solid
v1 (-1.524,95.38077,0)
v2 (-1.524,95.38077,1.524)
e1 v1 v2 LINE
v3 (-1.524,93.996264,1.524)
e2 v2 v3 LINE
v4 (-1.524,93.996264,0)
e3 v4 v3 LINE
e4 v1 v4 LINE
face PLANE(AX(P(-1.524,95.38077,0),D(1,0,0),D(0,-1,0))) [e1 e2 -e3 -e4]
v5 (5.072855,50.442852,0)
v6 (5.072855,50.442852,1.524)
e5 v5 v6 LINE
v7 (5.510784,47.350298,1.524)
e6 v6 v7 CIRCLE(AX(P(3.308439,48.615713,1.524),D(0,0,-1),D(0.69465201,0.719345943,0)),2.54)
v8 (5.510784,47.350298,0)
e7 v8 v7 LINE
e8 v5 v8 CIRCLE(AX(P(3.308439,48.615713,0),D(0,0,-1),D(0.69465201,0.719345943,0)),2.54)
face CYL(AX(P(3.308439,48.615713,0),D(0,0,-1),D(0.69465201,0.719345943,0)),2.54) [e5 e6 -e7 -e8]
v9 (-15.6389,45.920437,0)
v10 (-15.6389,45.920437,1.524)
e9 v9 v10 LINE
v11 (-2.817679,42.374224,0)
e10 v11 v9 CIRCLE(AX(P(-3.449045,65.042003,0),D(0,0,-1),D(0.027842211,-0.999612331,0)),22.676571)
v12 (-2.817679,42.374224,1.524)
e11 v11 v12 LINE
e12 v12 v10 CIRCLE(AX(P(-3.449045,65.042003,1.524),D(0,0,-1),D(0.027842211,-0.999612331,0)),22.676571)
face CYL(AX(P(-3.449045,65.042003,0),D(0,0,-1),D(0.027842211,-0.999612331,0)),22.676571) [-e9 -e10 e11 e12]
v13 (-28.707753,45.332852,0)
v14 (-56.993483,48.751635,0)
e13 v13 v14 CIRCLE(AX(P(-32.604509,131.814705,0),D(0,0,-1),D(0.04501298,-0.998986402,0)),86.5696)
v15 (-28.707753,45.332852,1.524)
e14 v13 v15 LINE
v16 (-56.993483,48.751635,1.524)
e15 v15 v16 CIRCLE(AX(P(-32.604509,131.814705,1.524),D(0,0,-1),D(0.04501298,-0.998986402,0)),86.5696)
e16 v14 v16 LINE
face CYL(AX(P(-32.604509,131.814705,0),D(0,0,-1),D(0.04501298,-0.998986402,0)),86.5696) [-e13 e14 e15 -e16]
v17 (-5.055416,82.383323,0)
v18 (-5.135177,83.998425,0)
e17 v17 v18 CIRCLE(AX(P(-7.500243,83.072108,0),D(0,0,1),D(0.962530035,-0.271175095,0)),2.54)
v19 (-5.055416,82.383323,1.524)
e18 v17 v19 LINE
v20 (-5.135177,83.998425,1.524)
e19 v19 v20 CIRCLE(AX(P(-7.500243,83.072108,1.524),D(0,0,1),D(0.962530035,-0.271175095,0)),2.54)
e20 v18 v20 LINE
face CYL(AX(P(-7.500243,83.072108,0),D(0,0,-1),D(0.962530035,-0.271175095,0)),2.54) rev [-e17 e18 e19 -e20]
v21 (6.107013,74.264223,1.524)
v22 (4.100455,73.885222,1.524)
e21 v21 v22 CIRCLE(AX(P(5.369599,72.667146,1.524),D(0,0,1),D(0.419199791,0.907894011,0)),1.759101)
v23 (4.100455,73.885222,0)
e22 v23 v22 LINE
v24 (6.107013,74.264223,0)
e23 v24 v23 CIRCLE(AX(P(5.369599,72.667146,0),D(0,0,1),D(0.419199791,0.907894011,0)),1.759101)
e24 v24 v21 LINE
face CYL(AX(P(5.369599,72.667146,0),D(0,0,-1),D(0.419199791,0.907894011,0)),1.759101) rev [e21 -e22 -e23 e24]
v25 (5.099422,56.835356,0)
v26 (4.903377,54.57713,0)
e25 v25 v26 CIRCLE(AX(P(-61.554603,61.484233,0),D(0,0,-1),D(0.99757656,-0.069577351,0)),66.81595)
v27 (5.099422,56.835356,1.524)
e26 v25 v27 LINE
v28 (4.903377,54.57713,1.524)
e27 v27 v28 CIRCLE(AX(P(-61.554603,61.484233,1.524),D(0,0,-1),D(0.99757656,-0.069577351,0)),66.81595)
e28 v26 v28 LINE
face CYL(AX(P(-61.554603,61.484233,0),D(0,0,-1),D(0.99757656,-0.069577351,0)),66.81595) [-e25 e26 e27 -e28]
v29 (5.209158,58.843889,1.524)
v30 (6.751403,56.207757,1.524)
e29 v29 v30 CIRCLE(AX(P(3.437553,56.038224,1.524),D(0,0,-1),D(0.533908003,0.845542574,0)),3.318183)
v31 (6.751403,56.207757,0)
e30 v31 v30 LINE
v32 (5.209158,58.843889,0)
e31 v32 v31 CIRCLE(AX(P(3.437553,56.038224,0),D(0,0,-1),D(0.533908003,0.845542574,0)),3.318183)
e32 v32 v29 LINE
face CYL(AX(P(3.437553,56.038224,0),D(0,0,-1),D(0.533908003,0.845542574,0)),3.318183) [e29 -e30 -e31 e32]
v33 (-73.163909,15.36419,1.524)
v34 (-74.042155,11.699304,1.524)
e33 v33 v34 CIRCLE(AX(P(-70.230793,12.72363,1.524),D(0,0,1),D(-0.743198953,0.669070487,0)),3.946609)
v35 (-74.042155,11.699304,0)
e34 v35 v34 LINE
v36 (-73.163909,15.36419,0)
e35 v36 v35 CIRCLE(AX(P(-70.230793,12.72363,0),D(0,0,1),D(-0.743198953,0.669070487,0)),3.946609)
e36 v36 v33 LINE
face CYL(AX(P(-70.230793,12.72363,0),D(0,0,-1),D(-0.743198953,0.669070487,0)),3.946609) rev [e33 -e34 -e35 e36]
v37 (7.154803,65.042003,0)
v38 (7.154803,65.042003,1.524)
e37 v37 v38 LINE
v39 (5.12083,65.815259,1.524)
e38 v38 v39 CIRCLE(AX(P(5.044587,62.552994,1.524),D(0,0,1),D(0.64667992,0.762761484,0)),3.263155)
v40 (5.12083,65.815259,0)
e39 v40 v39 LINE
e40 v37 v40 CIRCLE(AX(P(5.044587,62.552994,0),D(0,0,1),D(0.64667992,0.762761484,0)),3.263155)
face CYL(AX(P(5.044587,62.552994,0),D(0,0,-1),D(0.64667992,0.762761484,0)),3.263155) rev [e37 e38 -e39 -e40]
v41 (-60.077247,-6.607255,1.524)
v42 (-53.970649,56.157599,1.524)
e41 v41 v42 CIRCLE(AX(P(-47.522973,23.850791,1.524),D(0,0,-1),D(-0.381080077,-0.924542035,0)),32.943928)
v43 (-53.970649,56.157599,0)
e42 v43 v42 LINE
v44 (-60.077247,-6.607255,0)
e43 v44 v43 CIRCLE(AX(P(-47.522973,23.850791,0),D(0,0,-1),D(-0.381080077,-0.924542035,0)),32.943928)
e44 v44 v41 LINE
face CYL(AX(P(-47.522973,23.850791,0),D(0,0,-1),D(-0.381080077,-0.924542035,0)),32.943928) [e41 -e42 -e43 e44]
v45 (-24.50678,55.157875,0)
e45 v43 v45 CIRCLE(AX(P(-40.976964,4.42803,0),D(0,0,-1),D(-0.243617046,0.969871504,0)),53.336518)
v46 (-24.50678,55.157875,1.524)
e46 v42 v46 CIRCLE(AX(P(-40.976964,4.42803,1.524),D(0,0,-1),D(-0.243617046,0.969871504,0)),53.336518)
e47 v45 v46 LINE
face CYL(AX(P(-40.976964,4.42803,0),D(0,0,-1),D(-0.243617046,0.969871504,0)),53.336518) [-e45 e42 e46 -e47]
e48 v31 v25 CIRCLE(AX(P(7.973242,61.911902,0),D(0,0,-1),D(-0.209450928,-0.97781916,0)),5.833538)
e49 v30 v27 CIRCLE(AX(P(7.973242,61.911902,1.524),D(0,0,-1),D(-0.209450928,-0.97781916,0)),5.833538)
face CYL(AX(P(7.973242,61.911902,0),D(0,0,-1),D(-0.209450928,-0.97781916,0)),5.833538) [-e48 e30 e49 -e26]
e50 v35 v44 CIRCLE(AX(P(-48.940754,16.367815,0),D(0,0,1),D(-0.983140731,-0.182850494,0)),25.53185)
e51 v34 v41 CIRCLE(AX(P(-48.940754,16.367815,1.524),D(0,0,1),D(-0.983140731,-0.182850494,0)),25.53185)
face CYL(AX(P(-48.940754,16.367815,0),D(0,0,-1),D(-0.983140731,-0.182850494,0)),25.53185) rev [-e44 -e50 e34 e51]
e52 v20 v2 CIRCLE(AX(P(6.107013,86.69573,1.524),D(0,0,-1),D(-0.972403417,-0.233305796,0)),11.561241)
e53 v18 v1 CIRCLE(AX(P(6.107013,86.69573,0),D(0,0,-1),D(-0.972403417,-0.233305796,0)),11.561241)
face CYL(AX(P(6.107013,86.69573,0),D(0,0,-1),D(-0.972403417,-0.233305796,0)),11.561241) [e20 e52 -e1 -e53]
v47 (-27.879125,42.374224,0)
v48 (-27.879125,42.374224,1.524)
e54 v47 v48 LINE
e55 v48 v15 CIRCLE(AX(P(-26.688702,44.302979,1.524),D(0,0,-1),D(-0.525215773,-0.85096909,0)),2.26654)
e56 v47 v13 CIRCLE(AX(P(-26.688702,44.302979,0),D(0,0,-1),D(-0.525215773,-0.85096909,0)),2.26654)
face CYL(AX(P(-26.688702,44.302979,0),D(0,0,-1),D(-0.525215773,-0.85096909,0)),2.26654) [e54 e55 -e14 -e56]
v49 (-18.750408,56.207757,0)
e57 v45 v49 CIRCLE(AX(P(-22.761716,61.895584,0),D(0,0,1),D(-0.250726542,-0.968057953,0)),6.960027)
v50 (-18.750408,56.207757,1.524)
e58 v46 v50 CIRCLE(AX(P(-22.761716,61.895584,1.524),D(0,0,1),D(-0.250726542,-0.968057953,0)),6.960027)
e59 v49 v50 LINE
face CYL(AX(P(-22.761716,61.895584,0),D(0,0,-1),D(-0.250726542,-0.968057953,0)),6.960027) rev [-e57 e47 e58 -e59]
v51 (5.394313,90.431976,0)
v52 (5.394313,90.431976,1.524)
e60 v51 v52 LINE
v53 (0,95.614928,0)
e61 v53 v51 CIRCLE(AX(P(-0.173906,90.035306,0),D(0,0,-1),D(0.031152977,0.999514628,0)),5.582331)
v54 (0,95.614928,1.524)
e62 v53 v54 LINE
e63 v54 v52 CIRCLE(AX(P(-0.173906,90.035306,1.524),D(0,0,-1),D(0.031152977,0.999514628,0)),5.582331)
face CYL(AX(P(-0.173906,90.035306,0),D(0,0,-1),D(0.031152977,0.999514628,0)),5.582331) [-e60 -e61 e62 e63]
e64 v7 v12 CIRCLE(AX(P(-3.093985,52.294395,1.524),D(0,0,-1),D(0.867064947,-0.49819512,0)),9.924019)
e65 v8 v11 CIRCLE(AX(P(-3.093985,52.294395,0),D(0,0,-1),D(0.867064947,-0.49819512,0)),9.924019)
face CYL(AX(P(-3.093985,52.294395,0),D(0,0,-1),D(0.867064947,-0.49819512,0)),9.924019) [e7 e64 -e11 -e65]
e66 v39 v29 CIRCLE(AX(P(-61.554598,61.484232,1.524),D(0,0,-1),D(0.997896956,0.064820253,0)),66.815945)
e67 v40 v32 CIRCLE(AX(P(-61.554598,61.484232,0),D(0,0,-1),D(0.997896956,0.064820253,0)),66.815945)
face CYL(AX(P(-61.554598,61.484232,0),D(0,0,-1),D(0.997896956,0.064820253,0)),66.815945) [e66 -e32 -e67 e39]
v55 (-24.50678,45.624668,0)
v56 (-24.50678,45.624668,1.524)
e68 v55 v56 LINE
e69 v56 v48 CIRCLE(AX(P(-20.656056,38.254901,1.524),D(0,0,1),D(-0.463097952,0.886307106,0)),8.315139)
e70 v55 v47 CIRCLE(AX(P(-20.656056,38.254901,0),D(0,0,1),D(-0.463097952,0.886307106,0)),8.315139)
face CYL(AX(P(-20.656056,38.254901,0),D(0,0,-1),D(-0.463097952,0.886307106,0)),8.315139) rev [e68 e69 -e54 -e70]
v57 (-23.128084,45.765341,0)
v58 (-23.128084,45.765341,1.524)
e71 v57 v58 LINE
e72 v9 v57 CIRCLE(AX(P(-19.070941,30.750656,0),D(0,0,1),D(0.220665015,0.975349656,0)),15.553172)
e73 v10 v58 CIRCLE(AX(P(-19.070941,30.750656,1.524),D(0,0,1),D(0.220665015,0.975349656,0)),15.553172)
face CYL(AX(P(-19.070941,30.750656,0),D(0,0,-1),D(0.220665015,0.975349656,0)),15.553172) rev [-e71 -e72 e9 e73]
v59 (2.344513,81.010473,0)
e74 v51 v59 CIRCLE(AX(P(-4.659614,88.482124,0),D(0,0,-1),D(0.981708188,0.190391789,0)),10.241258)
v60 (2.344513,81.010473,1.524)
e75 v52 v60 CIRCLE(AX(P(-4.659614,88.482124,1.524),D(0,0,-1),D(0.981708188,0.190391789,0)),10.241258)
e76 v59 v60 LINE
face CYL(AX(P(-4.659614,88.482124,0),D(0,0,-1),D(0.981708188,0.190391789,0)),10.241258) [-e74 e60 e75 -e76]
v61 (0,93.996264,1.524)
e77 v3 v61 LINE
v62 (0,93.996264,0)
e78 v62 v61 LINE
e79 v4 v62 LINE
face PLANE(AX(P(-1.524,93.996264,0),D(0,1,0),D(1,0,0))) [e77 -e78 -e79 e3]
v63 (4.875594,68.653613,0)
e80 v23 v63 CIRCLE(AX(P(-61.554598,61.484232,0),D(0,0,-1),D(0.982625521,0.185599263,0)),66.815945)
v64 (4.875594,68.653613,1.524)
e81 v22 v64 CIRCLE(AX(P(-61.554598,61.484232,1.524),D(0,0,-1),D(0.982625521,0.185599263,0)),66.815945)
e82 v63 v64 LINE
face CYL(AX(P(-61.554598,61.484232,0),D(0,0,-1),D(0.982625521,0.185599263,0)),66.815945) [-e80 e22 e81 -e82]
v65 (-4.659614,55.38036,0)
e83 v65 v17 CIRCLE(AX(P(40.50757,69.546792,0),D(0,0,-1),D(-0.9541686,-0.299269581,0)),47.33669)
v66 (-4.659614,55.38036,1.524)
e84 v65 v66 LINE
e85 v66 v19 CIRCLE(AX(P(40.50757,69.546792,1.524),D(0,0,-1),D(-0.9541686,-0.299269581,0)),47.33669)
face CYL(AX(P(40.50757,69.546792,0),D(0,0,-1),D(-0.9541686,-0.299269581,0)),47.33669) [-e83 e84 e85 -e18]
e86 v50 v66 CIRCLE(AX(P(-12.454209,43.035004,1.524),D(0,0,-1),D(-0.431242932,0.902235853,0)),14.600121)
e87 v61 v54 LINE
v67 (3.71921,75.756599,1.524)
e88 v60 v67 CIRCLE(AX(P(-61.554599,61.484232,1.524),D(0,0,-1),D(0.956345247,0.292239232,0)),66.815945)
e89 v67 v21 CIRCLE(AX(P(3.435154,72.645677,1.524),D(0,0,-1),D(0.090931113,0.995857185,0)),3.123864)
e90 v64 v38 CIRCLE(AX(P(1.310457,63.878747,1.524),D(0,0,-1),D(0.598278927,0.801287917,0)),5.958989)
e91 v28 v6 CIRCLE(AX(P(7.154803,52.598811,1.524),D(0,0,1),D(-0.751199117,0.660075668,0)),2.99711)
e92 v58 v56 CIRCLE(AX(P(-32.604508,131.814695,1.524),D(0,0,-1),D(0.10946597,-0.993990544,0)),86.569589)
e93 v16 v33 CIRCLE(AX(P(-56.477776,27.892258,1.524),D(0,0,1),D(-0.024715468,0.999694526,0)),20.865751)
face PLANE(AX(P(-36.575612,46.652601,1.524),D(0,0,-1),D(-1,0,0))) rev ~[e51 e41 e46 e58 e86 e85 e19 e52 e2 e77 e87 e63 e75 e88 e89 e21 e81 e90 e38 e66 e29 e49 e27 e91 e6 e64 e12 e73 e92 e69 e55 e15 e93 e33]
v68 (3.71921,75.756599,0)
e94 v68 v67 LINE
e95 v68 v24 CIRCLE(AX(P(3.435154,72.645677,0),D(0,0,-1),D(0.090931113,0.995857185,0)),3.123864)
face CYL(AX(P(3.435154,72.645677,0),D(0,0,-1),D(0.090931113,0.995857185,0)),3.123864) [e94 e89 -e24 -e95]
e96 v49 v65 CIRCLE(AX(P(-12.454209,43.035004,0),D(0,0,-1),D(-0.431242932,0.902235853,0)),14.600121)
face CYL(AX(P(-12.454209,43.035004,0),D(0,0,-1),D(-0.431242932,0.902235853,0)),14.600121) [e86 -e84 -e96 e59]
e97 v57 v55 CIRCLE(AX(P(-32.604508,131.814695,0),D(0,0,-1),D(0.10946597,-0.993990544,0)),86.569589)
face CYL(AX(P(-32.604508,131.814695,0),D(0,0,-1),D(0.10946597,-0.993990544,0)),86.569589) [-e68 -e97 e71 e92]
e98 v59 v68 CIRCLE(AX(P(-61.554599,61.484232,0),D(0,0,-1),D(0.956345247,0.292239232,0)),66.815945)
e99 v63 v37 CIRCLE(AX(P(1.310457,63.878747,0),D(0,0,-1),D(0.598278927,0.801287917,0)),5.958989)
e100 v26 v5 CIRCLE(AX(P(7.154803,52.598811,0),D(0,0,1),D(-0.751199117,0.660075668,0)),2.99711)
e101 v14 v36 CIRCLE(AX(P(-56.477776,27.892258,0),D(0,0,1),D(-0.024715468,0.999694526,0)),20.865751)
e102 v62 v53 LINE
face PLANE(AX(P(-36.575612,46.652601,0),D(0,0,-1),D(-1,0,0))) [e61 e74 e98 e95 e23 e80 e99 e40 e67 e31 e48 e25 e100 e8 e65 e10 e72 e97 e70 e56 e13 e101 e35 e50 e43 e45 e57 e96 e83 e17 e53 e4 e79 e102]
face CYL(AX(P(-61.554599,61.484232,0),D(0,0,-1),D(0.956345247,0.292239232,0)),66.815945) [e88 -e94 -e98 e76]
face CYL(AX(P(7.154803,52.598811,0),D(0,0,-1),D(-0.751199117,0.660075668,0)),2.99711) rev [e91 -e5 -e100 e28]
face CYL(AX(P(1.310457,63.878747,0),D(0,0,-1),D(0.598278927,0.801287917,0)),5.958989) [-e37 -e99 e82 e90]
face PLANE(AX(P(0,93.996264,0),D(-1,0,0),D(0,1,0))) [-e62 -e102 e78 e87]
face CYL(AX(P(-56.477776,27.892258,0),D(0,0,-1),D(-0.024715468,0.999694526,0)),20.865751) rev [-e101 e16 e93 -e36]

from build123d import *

# Parameters (mm, degrees)
BOSS_EXTRUDE1_DEPTH = 1.524


with BuildPart() as part:
    # Sketch1 → Boss-Extrude1 (new body)
    with BuildSketch(Plane.XY):
        with BuildLine():
            Line((-1.524, 93.996264428), (0, 93.996264428))
            Line((0, 93.996264428), (0, 95.614927588))
            ThreePointArc((0, 95.614927588), (3.693748092, 94.060684173), (5.394313408, 90.431975702))
            ThreePointArc((5.394313408, 90.431975702), (5.083870366, 85.328096728), (2.344513216, 81.010472628))
            ThreePointArc((2.344513216, 81.010472628), (3.08526248, 78.397508533), (3.719210033, 75.756599345))
            ThreePointArc((3.719210033, 75.756599345), (5.090797567, 75.29470873), (6.107013429, 74.264223104))
            ThreePointArc((6.107013429, 74.264223104), (5.043110614, 74.395683401), (4.100454534, 73.885222311))
            ThreePointArc((4.100454534, 73.885222311), (4.539807281, 71.277090284), (4.875594315, 68.653613474))
            ThreePointArc((4.875594315, 68.653613474), (6.349854496, 67.059002397), (7.15480331, 65.042003395))
            ThreePointArc((7.15480331, 65.042003395), (6.204169614, 65.603166167), (5.120829927, 65.815258603))
            ThreePointArc((5.120829927, 65.815258603), (5.25598444, 62.33072683), (5.209157654, 58.843889342))
            ThreePointArc((5.209157654, 58.843889342), (6.301599024, 57.713807832), (6.751402544, 56.207756982))
            ThreePointArc((6.751402544, 56.207756982), (5.901509406, 56.458638265), (5.099422344, 56.835355808))
            ThreePointArc((5.099422344, 56.835355808), (5.010976532, 55.705411647), (4.903376867, 54.577130307))
            ThreePointArc((4.903376867, 54.577130307), (4.160208316, 52.476052404), (5.072854771, 50.442851897))
            ThreePointArc((5.072854771, 50.442851897), (5.82334848, 48.971843275), (5.510783631, 47.350297597))
            ThreePointArc((5.510783631, 47.350297597), (1.996073925, 43.775155466), (-2.817678827, 42.374223627))
            ThreePointArc((-2.817678827, 42.374223627), (-9.49417325, 43.186036631), (-15.638900273, 45.92043747))
            ThreePointArc((-15.638900273, 45.92043747), (-19.39296862, 46.30049438), (-23.12808354, 45.765341186))
            ThreePointArc((-23.12808354, 45.765341186), (-23.817150151, 45.692245813), (-24.506779764, 45.624668263))
            ThreePointArc((-24.506779764, 45.624668263), (-26.42654707, 44.241801226), (-27.879124662, 42.374223627))
            ThreePointArc((-27.879124662, 42.374223627), (-28.871257944, 43.69170684), (-28.707753031, 45.332851748))
            ThreePointArc((-28.707753031, 45.332851748), (-42.992230857, 45.870590172), (-56.993482586, 48.751635021))
            ThreePointArc((-56.993482586, 48.751635021), (-75.256918565, 36.987495898), (-73.1639091, 15.364189619))
            ThreePointArc((-73.1639091, 15.364189619), (-74.068740922, 13.643348437), (-74.042155454, 11.699304143))
            ThreePointArc((-74.042155454, 11.699304143), (-69.240477752, 0.882449229), (-60.077247453, -6.607255003))
            ThreePointArc((-60.077247453, -6.607255003), (-80.312075554, 27.040950348), (-53.970648666, 56.157598868))
            ThreePointArc((-53.970648666, 56.157598868), (-39.168269925, 57.733871806), (-24.506779764, 55.157875102))
            ThreePointArc((-24.506779764, 55.157875102), (-21.512905256, 55.048508832), (-18.750408328, 56.207756982))
            ThreePointArc((-18.750408328, 56.207756982), (-11.598379652, 57.610020261), (-4.659613728, 55.380360214))
            ThreePointArc((-4.659613728, 55.380360214), (-6.824036174, 68.85301684), (-5.055416365, 82.38332301))
            ThreePointArc((-5.055416365, 82.38332301), (-4.963334277, 83.197390982), (-5.135176923, 83.998425237))
            ThreePointArc((-5.135176923, 83.998425237), (-4.912918532, 90.191927066), (-1.524, 95.380770374))
            Line((-1.524, 95.380770374), (-1.524, 93.996264428))
        make_face()
    extrude(amount=BOSS_EXTRUDE1_DEPTH)


solid = part.part
